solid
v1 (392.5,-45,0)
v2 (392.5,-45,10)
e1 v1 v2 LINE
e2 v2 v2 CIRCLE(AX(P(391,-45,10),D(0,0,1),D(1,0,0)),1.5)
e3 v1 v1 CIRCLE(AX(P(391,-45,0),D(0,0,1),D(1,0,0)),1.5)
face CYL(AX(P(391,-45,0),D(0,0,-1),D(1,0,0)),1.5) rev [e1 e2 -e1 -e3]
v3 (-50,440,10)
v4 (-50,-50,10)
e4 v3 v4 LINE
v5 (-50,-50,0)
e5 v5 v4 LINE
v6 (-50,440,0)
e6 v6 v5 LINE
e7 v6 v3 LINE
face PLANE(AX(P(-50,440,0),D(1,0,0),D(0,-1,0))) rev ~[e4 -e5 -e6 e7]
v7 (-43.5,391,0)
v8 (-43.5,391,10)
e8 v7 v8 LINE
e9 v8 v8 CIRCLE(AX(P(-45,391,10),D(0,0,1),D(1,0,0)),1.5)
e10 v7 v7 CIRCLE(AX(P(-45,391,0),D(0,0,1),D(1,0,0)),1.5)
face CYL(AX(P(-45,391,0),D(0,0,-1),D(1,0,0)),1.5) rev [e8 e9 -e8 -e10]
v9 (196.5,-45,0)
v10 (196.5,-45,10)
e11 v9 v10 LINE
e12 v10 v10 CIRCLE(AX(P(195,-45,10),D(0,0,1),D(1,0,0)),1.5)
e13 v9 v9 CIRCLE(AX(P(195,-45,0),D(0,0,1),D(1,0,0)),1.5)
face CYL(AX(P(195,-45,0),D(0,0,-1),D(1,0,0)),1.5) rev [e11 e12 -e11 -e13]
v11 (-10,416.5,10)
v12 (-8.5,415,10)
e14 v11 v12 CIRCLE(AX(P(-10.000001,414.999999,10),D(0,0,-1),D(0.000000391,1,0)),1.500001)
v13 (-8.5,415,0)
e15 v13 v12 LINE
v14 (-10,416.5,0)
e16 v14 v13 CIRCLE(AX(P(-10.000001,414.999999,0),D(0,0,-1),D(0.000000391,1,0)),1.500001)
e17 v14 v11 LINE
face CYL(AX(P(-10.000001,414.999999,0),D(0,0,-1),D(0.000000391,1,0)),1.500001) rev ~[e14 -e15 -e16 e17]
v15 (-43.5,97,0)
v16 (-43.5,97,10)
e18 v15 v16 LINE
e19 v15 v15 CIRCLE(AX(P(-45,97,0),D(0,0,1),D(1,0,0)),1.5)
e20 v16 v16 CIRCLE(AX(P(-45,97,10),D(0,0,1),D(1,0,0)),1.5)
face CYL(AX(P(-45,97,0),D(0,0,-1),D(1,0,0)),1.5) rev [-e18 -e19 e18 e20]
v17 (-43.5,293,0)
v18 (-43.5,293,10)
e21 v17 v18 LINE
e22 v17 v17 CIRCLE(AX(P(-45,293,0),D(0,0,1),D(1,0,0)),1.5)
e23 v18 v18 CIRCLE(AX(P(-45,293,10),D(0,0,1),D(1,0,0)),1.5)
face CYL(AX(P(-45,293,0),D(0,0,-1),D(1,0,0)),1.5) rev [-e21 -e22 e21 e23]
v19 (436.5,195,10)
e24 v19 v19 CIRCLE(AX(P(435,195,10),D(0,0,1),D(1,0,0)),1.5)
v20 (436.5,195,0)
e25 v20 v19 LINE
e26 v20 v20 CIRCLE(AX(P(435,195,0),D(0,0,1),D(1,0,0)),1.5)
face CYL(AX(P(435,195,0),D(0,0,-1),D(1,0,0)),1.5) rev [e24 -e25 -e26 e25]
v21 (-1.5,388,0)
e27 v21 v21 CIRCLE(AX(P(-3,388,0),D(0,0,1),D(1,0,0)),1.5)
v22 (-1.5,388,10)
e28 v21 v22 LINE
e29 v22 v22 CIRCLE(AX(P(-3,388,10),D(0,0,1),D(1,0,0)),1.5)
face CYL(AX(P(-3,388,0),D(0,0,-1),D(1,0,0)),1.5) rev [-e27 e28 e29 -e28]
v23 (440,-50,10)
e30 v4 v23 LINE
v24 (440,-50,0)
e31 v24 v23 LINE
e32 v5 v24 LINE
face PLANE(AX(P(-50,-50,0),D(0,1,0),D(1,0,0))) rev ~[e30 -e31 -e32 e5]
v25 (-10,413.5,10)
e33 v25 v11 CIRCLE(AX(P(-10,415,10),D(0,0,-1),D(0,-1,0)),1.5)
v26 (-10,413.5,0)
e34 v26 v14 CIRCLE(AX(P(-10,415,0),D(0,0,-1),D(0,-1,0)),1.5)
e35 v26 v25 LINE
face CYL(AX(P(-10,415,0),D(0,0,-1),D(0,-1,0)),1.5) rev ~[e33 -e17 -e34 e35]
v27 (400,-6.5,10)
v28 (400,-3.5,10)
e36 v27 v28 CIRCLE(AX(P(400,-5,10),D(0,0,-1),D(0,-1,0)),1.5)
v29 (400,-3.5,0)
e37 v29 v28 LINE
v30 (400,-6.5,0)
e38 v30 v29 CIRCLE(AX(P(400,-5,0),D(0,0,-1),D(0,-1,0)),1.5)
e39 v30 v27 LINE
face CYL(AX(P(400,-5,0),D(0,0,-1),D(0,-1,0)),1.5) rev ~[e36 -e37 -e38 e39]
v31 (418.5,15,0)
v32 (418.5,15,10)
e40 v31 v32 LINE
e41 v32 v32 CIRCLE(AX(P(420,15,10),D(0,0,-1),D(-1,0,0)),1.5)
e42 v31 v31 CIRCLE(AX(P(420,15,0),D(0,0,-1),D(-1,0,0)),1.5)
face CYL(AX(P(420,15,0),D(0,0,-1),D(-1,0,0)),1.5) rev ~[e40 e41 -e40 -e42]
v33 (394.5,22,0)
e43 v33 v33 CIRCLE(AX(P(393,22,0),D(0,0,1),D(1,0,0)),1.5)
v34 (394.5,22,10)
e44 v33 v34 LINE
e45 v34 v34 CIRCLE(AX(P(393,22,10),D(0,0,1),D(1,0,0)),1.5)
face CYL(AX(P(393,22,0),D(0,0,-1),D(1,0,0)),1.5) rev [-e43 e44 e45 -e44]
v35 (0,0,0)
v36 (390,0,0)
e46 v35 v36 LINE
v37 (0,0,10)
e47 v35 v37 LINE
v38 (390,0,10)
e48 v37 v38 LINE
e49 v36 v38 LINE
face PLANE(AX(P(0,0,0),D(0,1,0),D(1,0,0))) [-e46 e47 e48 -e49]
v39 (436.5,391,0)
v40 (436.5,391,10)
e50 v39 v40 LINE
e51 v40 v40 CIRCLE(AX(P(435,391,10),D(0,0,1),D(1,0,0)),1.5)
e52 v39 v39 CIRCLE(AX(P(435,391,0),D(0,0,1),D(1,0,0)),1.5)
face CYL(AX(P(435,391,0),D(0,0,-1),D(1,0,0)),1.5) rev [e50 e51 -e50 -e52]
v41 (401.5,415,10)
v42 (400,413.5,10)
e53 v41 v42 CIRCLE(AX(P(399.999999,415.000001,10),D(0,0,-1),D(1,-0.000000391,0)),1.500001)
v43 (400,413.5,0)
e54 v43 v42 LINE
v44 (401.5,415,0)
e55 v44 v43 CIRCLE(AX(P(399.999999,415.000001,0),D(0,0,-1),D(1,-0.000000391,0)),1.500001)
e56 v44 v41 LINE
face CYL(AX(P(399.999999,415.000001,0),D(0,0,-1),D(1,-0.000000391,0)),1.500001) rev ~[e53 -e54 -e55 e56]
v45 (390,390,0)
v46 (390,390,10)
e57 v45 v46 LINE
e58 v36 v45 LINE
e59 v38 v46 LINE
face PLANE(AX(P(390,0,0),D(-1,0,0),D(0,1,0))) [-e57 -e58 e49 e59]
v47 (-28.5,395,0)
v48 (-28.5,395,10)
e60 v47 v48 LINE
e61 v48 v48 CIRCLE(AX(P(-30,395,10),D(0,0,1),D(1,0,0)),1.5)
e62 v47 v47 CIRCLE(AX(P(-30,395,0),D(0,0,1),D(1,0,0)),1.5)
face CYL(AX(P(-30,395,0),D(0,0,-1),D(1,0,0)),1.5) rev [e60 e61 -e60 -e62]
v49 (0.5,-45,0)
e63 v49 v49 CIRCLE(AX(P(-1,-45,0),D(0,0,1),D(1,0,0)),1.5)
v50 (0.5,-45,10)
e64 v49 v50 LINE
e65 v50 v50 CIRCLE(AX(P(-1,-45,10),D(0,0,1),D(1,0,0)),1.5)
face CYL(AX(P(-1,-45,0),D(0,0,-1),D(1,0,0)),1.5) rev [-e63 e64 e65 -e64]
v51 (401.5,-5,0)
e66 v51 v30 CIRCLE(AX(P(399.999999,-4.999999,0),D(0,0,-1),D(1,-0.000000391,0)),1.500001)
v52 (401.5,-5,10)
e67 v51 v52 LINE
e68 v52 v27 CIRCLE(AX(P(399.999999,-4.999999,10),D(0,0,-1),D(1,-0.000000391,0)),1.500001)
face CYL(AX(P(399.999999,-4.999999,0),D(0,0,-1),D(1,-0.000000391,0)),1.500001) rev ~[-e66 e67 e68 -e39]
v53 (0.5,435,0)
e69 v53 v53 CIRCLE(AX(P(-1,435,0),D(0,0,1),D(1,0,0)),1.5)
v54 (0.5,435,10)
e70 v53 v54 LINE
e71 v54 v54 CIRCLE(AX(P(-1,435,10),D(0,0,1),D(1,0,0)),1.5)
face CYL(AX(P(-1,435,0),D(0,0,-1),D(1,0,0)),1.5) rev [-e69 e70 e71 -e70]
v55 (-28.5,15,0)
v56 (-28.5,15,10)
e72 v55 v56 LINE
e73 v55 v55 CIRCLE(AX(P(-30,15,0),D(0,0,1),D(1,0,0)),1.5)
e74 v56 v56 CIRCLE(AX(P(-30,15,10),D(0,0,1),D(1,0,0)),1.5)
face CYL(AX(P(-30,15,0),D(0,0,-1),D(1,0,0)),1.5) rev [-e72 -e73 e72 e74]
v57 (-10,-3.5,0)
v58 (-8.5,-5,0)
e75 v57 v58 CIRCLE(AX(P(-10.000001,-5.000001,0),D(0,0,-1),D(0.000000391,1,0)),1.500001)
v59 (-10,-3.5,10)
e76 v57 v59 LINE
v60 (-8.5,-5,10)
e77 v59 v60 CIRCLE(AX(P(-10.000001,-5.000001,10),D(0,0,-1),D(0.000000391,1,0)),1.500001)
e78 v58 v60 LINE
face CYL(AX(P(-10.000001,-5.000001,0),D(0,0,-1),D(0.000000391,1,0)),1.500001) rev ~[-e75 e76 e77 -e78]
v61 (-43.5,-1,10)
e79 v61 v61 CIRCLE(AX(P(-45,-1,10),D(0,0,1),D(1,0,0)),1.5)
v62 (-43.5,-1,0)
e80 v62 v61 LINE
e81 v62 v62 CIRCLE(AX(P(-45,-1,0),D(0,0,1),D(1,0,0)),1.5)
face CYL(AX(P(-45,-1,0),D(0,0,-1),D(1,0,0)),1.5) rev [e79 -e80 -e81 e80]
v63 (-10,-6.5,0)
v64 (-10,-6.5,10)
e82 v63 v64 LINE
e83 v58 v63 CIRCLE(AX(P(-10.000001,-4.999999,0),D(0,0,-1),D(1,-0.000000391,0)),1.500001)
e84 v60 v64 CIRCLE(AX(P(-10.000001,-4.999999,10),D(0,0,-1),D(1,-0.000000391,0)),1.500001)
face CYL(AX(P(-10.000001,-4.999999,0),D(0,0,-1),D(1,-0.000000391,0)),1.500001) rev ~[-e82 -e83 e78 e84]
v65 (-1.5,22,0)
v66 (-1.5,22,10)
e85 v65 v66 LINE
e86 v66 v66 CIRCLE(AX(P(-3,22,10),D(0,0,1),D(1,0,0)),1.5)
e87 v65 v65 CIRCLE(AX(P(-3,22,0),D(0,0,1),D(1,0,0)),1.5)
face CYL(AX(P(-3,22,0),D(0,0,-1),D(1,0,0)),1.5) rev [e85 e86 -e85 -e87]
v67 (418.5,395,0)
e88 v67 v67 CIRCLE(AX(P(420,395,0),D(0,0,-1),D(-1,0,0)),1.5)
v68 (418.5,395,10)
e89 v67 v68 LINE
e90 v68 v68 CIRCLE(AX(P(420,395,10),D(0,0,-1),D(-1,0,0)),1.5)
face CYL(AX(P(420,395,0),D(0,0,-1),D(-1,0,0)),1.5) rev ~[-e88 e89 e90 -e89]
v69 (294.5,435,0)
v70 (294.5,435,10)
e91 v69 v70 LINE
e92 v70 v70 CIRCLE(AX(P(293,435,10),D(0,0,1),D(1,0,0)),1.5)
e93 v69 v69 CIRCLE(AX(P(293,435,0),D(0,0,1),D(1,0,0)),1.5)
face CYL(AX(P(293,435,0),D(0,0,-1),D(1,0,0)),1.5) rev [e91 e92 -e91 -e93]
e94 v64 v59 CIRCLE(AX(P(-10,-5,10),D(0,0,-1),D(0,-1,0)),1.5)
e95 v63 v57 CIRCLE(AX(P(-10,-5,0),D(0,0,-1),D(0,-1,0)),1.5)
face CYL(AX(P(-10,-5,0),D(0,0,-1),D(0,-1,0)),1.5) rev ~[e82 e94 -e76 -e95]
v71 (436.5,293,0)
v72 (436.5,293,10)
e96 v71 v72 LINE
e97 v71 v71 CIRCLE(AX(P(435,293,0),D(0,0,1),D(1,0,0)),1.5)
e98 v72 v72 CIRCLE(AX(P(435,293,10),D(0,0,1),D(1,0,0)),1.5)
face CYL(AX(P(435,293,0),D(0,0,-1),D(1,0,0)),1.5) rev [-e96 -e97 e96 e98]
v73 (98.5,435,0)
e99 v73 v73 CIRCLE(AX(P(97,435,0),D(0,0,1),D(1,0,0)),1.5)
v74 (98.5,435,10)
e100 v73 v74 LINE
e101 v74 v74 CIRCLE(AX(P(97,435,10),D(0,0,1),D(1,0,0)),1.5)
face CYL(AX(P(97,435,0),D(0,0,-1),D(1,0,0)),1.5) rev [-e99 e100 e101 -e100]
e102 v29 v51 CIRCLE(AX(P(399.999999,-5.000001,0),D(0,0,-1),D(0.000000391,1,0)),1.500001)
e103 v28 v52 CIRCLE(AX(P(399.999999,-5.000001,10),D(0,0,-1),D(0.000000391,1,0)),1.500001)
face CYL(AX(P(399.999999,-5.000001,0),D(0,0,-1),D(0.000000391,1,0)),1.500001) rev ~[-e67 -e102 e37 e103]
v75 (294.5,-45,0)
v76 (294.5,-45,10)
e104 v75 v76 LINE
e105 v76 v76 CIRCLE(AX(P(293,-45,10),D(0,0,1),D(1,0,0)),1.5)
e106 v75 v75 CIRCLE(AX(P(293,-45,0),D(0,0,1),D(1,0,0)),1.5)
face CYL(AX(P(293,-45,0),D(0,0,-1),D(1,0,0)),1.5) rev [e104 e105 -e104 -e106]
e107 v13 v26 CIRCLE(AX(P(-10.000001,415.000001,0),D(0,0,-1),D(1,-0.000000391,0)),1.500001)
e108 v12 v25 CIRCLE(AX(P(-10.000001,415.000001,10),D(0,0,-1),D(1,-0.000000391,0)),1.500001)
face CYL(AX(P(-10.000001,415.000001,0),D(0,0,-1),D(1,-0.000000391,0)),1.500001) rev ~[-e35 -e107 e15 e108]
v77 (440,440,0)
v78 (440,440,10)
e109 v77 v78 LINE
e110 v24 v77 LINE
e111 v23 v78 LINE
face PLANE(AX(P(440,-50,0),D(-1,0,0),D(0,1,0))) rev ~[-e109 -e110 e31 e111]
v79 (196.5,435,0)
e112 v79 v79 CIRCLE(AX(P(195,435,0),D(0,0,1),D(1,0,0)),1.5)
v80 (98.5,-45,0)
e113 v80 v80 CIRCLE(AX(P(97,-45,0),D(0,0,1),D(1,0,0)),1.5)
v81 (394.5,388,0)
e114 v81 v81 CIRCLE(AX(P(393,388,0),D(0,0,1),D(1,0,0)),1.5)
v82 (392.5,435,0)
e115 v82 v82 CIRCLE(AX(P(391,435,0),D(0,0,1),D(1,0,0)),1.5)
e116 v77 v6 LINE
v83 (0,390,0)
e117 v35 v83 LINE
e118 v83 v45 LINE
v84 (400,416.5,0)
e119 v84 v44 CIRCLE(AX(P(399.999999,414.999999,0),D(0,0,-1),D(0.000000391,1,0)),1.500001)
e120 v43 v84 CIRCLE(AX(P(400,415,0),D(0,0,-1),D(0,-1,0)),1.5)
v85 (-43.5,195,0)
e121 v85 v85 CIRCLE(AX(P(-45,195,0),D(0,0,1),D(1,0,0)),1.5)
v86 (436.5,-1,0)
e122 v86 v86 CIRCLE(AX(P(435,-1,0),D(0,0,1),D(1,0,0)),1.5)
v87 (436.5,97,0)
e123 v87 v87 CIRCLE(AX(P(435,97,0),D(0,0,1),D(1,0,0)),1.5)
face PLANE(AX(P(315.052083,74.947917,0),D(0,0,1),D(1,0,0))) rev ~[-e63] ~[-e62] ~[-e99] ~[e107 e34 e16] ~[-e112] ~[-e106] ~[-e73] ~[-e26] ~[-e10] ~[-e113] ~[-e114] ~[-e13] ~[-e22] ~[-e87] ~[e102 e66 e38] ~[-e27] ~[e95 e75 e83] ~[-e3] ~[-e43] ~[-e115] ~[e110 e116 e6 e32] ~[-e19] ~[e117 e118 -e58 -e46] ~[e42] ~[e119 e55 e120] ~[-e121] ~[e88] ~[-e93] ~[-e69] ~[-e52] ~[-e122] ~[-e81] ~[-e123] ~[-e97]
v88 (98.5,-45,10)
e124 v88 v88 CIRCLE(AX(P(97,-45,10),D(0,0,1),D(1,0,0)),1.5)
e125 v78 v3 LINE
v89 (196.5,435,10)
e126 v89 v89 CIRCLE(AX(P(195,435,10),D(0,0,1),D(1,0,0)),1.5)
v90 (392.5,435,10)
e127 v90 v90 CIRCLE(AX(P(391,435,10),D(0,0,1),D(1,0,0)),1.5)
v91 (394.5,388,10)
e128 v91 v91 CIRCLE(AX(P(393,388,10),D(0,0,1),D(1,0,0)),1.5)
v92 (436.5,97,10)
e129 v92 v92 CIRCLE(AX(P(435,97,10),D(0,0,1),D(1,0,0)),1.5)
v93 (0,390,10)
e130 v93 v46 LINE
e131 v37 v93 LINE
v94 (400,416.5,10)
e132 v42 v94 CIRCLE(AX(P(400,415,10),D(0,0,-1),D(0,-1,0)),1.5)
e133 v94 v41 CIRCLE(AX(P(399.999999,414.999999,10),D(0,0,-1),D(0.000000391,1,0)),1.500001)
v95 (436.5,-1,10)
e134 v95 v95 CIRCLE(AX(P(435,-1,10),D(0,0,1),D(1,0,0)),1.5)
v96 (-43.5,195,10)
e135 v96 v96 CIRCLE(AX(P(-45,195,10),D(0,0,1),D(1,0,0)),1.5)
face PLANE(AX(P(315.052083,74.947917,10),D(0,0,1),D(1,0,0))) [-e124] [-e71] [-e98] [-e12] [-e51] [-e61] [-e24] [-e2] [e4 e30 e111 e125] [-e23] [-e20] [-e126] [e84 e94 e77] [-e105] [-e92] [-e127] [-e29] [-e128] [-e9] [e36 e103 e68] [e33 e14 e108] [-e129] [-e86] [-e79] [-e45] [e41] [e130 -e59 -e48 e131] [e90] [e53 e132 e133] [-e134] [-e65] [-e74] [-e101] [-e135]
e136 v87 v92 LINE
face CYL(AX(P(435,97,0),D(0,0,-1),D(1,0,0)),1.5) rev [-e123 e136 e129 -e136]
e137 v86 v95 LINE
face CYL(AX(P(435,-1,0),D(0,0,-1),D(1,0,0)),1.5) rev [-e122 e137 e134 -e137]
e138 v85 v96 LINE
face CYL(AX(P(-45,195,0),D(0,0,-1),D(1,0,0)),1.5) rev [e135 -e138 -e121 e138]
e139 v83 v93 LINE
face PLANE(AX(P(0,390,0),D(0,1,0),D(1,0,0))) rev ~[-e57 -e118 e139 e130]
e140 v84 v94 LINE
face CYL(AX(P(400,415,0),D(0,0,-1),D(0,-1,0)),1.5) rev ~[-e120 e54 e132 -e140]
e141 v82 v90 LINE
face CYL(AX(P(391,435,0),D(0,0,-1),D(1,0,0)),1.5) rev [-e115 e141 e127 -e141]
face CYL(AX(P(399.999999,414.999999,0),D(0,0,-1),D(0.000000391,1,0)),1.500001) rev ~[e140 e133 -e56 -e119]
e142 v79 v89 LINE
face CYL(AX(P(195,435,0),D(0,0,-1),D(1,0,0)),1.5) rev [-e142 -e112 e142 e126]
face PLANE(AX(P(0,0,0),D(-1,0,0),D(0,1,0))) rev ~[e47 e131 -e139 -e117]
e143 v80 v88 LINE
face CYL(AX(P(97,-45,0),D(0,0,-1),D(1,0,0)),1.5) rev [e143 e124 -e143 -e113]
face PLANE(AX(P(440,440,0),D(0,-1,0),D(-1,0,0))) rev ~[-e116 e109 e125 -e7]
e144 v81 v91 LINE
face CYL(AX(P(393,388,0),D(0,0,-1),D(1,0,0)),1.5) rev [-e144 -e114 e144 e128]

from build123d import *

# Parameters (mm, degrees)
F0_R     = 1.5
F0_W     = 390
F0_H     = 390
F0_W_2   = 10
F0_H_2   = 10
F1_DEPTH = 10


with BuildPart() as f1:
    # F0 (on Top) → F1 (new body)
    with BuildSketch(Plane.XY):
        Polygon((-10, -40), (-40, -40), (-40, -50), (440, -50), (440, 430), (430, 430), (430, -40), (400, -40), align=None)
        with Locations((-1, -45)):
            Circle(F0_R, mode=Mode.SUBTRACT)
        with Locations((97, -45)):
            Circle(F0_R, mode=Mode.SUBTRACT)
        with Locations((195, -45)):
            Circle(F0_R, mode=Mode.SUBTRACT)
        with Locations((293, -45)):
            Circle(F0_R, mode=Mode.SUBTRACT)
        with Locations((391, -45)):
            Circle(F0_R, mode=Mode.SUBTRACT)
        with Locations((435, -1)):
            Circle(F0_R, mode=Mode.SUBTRACT)
        with Locations((435, 97)):
            Circle(F0_R, mode=Mode.SUBTRACT)
        with Locations((435, 195)):
            Circle(F0_R, mode=Mode.SUBTRACT)
        with Locations((435, 293)):
            Circle(F0_R, mode=Mode.SUBTRACT)
        with Locations((435, 391)):
            Circle(F0_R, mode=Mode.SUBTRACT)
        Polygon((-40, 430), (-40, -40), (-10, -40), (400, -40), (430, -40), (430, 430), (400, 430), (-10, 430), align=None)
        with BuildLine():
            ThreePointArc((-8.5, -5), (-8.93934, -6.06066), (-10, -6.5))
            ThreePointArc((-10, -6.5), (-11.5, -5), (-10, -3.5))
            ThreePointArc((-10, -3.5), (-8.93934, -3.93934), (-8.5, -5))
        make_face(mode=Mode.SUBTRACT)
        with Locations((-30, 15)):
            Circle(F0_R, mode=Mode.SUBTRACT)
        with Locations((-3, 22)):
            Circle(F0_R, mode=Mode.SUBTRACT)
        with BuildLine():
            ThreePointArc((401.5, -5), (401.06066, -6.06066), (400, -6.5))
            ThreePointArc((400, -6.5), (398.5, -5), (400, -3.5))
            ThreePointArc((400, -3.5), (401.06066, -3.93934), (401.5, -5))
        make_face(mode=Mode.SUBTRACT)
        with Locations((393, 22)):
            Circle(F0_R, mode=Mode.SUBTRACT)
        with BuildLine():
            ThreePointArc((421.5, 15), (420, 13.5), (418.5, 15))
            ThreePointArc((418.5, 15), (420, 16.5), (421.5, 15))
        make_face(mode=Mode.SUBTRACT)
        with Locations((-30, 395)):
            Circle(F0_R, mode=Mode.SUBTRACT)
        with Locations((-3, 388)):
            Circle(F0_R, mode=Mode.SUBTRACT)
        with BuildLine():
            ThreePointArc((-10, 413.5), (-11.5, 415), (-10, 416.5))
            ThreePointArc((-10, 416.5), (-8.93934, 416.06066), (-8.5, 415))
            ThreePointArc((-8.5, 415), (-8.93934, 413.93934), (-10, 413.5))
        make_face(mode=Mode.SUBTRACT)
        with Locations((195, 195)):
            Rectangle(F0_W, F0_H, mode=Mode.SUBTRACT)
        with Locations((393, 388)):
            Circle(F0_R, mode=Mode.SUBTRACT)
        with BuildLine():
            ThreePointArc((421.5, 395), (420, 393.5), (418.5, 395))
            ThreePointArc((418.5, 395), (420, 396.5), (421.5, 395))
        make_face(mode=Mode.SUBTRACT)
        with BuildLine():
            ThreePointArc((400, 413.5), (398.5, 415), (400, 416.5))
            ThreePointArc((400, 416.5), (401.06066, 416.06066), (401.5, 415))
            ThreePointArc((401.5, 415), (401.06066, 413.93934), (400, 413.5))
        make_face(mode=Mode.SUBTRACT)
        with Locations((-45, -45)):
            Rectangle(F0_W_2, F0_H_2)
        Polygon((-50, -40), (-40, -40), (-40, 430), (-10, 430), (400, 430), (430, 430), (430, 435), (430, 440), (-50, 440), align=None)
        with Locations((-45, -1)):
            Circle(F0_R, mode=Mode.SUBTRACT)
        with Locations((-45, 97)):
            Circle(F0_R, mode=Mode.SUBTRACT)
        with Locations((-45, 195)):
            Circle(F0_R, mode=Mode.SUBTRACT)
        with Locations((-45, 293)):
            Circle(F0_R, mode=Mode.SUBTRACT)
        with Locations((-45, 391)):
            Circle(F0_R, mode=Mode.SUBTRACT)
        with Locations((-1, 435)):
            Circle(F0_R, mode=Mode.SUBTRACT)
        with Locations((97, 435)):
            Circle(F0_R, mode=Mode.SUBTRACT)
        with Locations((195, 435)):
            Circle(F0_R, mode=Mode.SUBTRACT)
        with Locations((293, 435)):
            Circle(F0_R, mode=Mode.SUBTRACT)
        with Locations((391, 435)):
            Circle(F0_R, mode=Mode.SUBTRACT)
        Polygon((440, 440), (430, 440), (430, 435), (430, 430), (440, 430), align=None)
    extrude(amount=F1_DEPTH)


solid = f1.part
